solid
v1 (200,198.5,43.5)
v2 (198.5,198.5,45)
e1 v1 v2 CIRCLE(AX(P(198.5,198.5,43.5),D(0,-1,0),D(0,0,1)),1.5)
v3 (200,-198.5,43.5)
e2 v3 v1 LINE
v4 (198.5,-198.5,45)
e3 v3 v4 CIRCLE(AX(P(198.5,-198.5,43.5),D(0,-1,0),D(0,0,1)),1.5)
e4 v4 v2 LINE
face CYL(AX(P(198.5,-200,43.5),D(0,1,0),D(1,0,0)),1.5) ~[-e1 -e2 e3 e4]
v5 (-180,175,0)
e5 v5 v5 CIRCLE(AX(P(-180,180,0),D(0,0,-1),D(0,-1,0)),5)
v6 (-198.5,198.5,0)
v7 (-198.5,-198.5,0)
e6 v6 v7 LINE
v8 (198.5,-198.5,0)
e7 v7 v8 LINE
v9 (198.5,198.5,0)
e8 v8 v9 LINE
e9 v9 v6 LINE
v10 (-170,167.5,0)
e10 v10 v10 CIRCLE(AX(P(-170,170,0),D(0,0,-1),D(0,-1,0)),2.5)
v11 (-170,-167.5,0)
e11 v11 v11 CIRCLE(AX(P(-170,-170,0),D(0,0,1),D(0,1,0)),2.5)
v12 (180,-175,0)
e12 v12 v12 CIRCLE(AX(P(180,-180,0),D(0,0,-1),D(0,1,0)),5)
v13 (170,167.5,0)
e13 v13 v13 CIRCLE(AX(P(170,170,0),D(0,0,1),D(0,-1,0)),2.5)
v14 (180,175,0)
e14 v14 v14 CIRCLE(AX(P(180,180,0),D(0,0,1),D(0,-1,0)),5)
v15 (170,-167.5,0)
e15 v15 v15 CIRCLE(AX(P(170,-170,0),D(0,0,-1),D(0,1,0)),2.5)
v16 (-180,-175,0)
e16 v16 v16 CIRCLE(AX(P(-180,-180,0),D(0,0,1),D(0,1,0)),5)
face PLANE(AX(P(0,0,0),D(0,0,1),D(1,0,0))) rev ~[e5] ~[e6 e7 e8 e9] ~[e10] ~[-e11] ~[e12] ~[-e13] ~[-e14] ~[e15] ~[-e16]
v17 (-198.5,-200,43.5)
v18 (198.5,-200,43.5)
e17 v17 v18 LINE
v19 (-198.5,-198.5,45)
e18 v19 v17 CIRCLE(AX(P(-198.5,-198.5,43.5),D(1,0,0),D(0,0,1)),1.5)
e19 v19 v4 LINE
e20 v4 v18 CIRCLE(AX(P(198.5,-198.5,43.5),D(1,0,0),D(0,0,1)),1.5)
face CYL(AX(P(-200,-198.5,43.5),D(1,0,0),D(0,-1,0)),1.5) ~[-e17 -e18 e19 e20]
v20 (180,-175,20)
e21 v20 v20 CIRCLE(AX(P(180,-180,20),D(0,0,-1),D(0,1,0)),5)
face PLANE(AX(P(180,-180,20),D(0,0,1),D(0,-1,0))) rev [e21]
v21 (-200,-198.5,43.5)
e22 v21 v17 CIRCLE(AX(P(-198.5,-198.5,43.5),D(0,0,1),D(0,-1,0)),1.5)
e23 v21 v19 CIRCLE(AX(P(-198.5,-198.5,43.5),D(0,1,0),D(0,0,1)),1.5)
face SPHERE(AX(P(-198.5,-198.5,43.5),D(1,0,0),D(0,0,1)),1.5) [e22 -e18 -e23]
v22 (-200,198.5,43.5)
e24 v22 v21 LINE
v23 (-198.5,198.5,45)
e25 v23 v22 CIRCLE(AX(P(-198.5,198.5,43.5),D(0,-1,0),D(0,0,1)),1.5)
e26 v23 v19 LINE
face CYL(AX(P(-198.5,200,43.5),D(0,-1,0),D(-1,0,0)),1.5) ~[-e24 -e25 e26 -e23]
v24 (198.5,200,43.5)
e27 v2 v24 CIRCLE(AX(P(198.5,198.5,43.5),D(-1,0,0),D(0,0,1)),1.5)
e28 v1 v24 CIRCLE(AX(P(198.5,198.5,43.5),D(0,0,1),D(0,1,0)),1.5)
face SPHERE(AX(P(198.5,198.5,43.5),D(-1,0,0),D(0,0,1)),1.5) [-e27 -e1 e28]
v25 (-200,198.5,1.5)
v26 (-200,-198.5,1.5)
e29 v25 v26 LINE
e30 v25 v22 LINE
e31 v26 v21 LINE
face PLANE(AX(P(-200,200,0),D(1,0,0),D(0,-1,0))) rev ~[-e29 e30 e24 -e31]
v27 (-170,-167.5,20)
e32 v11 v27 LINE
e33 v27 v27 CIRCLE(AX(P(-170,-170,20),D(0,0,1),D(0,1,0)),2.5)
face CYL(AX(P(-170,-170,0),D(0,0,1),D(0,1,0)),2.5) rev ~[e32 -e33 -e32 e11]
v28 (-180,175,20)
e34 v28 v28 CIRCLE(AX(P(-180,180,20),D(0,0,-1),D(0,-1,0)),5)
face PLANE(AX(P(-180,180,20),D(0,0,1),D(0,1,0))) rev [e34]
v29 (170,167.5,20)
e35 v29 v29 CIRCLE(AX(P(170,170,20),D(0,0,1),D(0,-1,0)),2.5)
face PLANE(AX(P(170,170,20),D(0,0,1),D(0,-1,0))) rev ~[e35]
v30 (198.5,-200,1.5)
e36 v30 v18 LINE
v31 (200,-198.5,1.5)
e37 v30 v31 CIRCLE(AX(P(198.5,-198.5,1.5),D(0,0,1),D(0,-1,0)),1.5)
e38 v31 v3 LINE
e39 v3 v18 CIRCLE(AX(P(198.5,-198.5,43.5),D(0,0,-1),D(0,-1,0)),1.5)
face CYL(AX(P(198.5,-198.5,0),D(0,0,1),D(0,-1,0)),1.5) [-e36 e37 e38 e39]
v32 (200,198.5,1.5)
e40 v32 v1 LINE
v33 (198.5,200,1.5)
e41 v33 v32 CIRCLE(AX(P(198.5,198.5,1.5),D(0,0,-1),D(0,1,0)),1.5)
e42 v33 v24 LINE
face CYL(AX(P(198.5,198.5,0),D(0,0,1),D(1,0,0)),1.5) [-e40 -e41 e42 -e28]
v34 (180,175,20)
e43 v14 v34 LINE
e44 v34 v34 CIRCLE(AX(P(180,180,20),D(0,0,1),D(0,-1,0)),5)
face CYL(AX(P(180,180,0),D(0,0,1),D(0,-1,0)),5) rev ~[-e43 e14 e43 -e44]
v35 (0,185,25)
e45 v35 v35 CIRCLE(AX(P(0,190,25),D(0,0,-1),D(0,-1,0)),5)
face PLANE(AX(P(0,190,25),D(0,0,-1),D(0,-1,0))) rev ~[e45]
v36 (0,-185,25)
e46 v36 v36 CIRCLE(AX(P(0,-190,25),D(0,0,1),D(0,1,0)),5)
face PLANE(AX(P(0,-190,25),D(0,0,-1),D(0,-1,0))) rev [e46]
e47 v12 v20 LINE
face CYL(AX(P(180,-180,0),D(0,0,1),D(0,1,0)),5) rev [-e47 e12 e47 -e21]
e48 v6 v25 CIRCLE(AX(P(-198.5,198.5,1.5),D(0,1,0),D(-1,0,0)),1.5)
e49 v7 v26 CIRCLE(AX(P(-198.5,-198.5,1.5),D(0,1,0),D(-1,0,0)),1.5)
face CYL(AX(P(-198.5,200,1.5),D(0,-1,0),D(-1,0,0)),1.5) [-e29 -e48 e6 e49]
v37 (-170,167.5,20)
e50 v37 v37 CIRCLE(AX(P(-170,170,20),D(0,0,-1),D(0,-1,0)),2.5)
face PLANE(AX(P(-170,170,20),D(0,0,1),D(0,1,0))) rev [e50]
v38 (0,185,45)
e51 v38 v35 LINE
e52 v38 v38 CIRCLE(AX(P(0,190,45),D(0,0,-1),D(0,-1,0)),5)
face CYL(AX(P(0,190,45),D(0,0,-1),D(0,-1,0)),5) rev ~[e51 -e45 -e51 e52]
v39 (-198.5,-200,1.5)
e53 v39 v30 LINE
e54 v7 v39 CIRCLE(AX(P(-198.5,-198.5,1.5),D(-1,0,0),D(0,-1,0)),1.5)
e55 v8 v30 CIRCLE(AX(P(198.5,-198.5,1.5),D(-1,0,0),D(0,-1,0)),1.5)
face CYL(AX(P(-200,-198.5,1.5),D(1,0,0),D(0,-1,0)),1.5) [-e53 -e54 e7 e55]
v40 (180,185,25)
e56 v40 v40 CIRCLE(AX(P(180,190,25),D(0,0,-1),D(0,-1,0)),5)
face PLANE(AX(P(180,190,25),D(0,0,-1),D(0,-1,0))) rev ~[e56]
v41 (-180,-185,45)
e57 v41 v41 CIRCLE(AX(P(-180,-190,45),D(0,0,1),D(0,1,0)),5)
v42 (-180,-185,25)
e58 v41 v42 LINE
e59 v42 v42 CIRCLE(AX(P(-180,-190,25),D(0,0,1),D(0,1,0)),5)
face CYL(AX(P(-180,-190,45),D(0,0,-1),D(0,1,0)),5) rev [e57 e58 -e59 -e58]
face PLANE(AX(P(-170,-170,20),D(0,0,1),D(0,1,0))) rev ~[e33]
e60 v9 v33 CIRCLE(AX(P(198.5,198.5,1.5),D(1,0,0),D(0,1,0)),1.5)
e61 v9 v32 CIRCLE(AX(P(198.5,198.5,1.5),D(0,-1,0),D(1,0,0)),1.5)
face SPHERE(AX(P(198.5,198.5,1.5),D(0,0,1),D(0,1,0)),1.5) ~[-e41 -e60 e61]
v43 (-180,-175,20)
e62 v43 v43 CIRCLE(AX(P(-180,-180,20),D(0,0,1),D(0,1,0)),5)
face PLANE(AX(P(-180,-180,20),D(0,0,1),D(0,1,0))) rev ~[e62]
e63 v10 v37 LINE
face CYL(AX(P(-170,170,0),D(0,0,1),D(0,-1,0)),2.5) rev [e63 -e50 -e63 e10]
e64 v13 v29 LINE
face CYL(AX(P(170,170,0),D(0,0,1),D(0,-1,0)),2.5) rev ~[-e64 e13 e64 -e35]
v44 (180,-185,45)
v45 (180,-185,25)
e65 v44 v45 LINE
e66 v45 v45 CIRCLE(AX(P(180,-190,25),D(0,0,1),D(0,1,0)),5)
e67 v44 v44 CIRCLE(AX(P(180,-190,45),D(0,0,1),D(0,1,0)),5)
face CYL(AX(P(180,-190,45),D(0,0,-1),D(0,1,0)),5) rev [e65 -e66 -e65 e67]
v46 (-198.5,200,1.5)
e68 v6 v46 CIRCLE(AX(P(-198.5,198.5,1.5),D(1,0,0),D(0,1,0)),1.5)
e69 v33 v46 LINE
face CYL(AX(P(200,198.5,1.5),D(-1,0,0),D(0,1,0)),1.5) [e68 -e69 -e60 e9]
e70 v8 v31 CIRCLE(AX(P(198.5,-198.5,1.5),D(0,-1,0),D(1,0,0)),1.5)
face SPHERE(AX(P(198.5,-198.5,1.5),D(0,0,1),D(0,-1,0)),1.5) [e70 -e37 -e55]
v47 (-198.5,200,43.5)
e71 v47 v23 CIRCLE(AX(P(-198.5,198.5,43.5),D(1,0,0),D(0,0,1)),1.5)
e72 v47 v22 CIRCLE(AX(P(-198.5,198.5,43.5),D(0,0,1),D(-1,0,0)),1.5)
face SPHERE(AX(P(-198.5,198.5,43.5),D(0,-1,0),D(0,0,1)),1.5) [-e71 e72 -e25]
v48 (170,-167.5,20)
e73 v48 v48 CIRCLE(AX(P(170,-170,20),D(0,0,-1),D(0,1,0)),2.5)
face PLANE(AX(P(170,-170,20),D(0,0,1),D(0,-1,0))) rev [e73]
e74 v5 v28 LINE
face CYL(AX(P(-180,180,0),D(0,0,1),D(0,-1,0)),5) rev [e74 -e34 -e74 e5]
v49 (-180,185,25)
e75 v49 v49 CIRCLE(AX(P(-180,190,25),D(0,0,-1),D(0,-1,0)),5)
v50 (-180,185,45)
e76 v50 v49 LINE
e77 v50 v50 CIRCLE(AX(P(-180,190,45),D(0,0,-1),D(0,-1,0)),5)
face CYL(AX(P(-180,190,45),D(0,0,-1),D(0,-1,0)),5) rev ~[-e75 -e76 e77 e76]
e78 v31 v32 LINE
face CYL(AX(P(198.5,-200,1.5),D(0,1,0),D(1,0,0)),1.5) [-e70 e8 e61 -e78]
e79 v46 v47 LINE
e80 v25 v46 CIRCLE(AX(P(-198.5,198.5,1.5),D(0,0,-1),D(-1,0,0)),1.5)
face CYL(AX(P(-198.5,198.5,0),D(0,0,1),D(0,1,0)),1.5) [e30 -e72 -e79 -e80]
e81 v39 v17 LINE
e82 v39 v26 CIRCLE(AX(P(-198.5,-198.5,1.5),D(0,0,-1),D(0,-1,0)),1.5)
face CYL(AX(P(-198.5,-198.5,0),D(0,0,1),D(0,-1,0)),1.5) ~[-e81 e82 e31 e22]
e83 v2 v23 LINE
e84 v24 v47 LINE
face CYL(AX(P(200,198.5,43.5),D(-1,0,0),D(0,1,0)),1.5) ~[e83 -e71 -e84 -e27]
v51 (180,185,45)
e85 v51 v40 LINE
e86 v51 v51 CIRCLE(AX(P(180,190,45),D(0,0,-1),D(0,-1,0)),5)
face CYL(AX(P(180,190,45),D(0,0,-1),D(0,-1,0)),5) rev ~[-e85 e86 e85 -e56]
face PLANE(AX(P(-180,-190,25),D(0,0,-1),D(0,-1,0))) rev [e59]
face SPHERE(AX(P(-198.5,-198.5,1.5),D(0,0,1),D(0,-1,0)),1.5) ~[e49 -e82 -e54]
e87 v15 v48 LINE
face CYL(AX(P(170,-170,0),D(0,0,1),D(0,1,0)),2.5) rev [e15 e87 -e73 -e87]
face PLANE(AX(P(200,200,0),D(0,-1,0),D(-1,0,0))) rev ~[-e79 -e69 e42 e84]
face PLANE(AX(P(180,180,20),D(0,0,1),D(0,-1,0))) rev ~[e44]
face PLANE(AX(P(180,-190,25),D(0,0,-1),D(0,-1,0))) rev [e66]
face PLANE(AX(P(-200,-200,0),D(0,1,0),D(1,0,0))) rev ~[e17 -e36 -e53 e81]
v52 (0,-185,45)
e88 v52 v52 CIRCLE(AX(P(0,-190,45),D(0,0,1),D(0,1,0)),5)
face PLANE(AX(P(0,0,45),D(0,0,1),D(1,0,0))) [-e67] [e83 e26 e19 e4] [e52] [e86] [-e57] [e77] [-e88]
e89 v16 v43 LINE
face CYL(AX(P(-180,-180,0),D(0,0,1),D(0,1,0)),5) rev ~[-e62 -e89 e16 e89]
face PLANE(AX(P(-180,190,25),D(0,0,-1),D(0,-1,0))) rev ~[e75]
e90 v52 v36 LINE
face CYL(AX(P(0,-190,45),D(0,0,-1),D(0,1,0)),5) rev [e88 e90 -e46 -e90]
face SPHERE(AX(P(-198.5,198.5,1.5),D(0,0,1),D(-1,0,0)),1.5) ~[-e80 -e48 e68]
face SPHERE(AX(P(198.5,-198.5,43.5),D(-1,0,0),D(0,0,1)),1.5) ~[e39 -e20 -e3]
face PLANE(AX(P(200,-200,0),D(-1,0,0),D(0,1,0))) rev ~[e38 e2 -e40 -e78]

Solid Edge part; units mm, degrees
sketch "Sketch1" plane through (0, 0, 0) normal (0, 0, 1) x (1, 0, 0)
  line L0 (-200, -200) -> (200, -200)
  line L1 (200, -200) -> (200, 200)
  line L2 (200, 200) -> (-200, 200)
  line L3 (-200, 200) -> (-200, -200)
extrude "Protrusion1" add sketch "Sketch1" along normal blind 45
fillet "Round_3" radius 1.5 12 edges at (0, -200, 45) (-200, 0, 45) (0, 200, 45) (200, 0, 45) (200, -200, 22.5) (200, 200, 22.5) (-200, 200, 22.5) (-200, -200, 22.5) (0, -200, 0) (-200, 0, 0) (0, 200, 0) (200, 0, 0)
hole "Hole_19" at (-180, -180, 0) direction (0, 0, 1) diameter 10 depth 20
hole "Hole_20" at (-170, -170, 0) direction (0, 0, 1) diameter 5 depth 20
mirror "Mirror1" about plane through (0, 0, 0) normal (1, 0, 0) of "Hole_20", "Hole_19"
mirror "Mirror2" about plane through (0, 0, 0) normal (0, -1, 0) of "Hole_19", "Hole_20", "Mirror1"
hole "Hole_30" at (180, 190, 45) direction (0, 0, -1) diameter 10 depth 20
hole "Hole7" at (0, 190, 45) direction (0, 0, -1) diameter 10 depth 20
hole "Hole8" at (-180, 190, 45) direction (0, 0, -1) diameter 10 depth 20
mirror "Mirror3" about plane through (0, 0, 0) normal (0, -1, 0) of "Hole_30", "Hole7", "Hole8"
properties material "Wood, Oak"
